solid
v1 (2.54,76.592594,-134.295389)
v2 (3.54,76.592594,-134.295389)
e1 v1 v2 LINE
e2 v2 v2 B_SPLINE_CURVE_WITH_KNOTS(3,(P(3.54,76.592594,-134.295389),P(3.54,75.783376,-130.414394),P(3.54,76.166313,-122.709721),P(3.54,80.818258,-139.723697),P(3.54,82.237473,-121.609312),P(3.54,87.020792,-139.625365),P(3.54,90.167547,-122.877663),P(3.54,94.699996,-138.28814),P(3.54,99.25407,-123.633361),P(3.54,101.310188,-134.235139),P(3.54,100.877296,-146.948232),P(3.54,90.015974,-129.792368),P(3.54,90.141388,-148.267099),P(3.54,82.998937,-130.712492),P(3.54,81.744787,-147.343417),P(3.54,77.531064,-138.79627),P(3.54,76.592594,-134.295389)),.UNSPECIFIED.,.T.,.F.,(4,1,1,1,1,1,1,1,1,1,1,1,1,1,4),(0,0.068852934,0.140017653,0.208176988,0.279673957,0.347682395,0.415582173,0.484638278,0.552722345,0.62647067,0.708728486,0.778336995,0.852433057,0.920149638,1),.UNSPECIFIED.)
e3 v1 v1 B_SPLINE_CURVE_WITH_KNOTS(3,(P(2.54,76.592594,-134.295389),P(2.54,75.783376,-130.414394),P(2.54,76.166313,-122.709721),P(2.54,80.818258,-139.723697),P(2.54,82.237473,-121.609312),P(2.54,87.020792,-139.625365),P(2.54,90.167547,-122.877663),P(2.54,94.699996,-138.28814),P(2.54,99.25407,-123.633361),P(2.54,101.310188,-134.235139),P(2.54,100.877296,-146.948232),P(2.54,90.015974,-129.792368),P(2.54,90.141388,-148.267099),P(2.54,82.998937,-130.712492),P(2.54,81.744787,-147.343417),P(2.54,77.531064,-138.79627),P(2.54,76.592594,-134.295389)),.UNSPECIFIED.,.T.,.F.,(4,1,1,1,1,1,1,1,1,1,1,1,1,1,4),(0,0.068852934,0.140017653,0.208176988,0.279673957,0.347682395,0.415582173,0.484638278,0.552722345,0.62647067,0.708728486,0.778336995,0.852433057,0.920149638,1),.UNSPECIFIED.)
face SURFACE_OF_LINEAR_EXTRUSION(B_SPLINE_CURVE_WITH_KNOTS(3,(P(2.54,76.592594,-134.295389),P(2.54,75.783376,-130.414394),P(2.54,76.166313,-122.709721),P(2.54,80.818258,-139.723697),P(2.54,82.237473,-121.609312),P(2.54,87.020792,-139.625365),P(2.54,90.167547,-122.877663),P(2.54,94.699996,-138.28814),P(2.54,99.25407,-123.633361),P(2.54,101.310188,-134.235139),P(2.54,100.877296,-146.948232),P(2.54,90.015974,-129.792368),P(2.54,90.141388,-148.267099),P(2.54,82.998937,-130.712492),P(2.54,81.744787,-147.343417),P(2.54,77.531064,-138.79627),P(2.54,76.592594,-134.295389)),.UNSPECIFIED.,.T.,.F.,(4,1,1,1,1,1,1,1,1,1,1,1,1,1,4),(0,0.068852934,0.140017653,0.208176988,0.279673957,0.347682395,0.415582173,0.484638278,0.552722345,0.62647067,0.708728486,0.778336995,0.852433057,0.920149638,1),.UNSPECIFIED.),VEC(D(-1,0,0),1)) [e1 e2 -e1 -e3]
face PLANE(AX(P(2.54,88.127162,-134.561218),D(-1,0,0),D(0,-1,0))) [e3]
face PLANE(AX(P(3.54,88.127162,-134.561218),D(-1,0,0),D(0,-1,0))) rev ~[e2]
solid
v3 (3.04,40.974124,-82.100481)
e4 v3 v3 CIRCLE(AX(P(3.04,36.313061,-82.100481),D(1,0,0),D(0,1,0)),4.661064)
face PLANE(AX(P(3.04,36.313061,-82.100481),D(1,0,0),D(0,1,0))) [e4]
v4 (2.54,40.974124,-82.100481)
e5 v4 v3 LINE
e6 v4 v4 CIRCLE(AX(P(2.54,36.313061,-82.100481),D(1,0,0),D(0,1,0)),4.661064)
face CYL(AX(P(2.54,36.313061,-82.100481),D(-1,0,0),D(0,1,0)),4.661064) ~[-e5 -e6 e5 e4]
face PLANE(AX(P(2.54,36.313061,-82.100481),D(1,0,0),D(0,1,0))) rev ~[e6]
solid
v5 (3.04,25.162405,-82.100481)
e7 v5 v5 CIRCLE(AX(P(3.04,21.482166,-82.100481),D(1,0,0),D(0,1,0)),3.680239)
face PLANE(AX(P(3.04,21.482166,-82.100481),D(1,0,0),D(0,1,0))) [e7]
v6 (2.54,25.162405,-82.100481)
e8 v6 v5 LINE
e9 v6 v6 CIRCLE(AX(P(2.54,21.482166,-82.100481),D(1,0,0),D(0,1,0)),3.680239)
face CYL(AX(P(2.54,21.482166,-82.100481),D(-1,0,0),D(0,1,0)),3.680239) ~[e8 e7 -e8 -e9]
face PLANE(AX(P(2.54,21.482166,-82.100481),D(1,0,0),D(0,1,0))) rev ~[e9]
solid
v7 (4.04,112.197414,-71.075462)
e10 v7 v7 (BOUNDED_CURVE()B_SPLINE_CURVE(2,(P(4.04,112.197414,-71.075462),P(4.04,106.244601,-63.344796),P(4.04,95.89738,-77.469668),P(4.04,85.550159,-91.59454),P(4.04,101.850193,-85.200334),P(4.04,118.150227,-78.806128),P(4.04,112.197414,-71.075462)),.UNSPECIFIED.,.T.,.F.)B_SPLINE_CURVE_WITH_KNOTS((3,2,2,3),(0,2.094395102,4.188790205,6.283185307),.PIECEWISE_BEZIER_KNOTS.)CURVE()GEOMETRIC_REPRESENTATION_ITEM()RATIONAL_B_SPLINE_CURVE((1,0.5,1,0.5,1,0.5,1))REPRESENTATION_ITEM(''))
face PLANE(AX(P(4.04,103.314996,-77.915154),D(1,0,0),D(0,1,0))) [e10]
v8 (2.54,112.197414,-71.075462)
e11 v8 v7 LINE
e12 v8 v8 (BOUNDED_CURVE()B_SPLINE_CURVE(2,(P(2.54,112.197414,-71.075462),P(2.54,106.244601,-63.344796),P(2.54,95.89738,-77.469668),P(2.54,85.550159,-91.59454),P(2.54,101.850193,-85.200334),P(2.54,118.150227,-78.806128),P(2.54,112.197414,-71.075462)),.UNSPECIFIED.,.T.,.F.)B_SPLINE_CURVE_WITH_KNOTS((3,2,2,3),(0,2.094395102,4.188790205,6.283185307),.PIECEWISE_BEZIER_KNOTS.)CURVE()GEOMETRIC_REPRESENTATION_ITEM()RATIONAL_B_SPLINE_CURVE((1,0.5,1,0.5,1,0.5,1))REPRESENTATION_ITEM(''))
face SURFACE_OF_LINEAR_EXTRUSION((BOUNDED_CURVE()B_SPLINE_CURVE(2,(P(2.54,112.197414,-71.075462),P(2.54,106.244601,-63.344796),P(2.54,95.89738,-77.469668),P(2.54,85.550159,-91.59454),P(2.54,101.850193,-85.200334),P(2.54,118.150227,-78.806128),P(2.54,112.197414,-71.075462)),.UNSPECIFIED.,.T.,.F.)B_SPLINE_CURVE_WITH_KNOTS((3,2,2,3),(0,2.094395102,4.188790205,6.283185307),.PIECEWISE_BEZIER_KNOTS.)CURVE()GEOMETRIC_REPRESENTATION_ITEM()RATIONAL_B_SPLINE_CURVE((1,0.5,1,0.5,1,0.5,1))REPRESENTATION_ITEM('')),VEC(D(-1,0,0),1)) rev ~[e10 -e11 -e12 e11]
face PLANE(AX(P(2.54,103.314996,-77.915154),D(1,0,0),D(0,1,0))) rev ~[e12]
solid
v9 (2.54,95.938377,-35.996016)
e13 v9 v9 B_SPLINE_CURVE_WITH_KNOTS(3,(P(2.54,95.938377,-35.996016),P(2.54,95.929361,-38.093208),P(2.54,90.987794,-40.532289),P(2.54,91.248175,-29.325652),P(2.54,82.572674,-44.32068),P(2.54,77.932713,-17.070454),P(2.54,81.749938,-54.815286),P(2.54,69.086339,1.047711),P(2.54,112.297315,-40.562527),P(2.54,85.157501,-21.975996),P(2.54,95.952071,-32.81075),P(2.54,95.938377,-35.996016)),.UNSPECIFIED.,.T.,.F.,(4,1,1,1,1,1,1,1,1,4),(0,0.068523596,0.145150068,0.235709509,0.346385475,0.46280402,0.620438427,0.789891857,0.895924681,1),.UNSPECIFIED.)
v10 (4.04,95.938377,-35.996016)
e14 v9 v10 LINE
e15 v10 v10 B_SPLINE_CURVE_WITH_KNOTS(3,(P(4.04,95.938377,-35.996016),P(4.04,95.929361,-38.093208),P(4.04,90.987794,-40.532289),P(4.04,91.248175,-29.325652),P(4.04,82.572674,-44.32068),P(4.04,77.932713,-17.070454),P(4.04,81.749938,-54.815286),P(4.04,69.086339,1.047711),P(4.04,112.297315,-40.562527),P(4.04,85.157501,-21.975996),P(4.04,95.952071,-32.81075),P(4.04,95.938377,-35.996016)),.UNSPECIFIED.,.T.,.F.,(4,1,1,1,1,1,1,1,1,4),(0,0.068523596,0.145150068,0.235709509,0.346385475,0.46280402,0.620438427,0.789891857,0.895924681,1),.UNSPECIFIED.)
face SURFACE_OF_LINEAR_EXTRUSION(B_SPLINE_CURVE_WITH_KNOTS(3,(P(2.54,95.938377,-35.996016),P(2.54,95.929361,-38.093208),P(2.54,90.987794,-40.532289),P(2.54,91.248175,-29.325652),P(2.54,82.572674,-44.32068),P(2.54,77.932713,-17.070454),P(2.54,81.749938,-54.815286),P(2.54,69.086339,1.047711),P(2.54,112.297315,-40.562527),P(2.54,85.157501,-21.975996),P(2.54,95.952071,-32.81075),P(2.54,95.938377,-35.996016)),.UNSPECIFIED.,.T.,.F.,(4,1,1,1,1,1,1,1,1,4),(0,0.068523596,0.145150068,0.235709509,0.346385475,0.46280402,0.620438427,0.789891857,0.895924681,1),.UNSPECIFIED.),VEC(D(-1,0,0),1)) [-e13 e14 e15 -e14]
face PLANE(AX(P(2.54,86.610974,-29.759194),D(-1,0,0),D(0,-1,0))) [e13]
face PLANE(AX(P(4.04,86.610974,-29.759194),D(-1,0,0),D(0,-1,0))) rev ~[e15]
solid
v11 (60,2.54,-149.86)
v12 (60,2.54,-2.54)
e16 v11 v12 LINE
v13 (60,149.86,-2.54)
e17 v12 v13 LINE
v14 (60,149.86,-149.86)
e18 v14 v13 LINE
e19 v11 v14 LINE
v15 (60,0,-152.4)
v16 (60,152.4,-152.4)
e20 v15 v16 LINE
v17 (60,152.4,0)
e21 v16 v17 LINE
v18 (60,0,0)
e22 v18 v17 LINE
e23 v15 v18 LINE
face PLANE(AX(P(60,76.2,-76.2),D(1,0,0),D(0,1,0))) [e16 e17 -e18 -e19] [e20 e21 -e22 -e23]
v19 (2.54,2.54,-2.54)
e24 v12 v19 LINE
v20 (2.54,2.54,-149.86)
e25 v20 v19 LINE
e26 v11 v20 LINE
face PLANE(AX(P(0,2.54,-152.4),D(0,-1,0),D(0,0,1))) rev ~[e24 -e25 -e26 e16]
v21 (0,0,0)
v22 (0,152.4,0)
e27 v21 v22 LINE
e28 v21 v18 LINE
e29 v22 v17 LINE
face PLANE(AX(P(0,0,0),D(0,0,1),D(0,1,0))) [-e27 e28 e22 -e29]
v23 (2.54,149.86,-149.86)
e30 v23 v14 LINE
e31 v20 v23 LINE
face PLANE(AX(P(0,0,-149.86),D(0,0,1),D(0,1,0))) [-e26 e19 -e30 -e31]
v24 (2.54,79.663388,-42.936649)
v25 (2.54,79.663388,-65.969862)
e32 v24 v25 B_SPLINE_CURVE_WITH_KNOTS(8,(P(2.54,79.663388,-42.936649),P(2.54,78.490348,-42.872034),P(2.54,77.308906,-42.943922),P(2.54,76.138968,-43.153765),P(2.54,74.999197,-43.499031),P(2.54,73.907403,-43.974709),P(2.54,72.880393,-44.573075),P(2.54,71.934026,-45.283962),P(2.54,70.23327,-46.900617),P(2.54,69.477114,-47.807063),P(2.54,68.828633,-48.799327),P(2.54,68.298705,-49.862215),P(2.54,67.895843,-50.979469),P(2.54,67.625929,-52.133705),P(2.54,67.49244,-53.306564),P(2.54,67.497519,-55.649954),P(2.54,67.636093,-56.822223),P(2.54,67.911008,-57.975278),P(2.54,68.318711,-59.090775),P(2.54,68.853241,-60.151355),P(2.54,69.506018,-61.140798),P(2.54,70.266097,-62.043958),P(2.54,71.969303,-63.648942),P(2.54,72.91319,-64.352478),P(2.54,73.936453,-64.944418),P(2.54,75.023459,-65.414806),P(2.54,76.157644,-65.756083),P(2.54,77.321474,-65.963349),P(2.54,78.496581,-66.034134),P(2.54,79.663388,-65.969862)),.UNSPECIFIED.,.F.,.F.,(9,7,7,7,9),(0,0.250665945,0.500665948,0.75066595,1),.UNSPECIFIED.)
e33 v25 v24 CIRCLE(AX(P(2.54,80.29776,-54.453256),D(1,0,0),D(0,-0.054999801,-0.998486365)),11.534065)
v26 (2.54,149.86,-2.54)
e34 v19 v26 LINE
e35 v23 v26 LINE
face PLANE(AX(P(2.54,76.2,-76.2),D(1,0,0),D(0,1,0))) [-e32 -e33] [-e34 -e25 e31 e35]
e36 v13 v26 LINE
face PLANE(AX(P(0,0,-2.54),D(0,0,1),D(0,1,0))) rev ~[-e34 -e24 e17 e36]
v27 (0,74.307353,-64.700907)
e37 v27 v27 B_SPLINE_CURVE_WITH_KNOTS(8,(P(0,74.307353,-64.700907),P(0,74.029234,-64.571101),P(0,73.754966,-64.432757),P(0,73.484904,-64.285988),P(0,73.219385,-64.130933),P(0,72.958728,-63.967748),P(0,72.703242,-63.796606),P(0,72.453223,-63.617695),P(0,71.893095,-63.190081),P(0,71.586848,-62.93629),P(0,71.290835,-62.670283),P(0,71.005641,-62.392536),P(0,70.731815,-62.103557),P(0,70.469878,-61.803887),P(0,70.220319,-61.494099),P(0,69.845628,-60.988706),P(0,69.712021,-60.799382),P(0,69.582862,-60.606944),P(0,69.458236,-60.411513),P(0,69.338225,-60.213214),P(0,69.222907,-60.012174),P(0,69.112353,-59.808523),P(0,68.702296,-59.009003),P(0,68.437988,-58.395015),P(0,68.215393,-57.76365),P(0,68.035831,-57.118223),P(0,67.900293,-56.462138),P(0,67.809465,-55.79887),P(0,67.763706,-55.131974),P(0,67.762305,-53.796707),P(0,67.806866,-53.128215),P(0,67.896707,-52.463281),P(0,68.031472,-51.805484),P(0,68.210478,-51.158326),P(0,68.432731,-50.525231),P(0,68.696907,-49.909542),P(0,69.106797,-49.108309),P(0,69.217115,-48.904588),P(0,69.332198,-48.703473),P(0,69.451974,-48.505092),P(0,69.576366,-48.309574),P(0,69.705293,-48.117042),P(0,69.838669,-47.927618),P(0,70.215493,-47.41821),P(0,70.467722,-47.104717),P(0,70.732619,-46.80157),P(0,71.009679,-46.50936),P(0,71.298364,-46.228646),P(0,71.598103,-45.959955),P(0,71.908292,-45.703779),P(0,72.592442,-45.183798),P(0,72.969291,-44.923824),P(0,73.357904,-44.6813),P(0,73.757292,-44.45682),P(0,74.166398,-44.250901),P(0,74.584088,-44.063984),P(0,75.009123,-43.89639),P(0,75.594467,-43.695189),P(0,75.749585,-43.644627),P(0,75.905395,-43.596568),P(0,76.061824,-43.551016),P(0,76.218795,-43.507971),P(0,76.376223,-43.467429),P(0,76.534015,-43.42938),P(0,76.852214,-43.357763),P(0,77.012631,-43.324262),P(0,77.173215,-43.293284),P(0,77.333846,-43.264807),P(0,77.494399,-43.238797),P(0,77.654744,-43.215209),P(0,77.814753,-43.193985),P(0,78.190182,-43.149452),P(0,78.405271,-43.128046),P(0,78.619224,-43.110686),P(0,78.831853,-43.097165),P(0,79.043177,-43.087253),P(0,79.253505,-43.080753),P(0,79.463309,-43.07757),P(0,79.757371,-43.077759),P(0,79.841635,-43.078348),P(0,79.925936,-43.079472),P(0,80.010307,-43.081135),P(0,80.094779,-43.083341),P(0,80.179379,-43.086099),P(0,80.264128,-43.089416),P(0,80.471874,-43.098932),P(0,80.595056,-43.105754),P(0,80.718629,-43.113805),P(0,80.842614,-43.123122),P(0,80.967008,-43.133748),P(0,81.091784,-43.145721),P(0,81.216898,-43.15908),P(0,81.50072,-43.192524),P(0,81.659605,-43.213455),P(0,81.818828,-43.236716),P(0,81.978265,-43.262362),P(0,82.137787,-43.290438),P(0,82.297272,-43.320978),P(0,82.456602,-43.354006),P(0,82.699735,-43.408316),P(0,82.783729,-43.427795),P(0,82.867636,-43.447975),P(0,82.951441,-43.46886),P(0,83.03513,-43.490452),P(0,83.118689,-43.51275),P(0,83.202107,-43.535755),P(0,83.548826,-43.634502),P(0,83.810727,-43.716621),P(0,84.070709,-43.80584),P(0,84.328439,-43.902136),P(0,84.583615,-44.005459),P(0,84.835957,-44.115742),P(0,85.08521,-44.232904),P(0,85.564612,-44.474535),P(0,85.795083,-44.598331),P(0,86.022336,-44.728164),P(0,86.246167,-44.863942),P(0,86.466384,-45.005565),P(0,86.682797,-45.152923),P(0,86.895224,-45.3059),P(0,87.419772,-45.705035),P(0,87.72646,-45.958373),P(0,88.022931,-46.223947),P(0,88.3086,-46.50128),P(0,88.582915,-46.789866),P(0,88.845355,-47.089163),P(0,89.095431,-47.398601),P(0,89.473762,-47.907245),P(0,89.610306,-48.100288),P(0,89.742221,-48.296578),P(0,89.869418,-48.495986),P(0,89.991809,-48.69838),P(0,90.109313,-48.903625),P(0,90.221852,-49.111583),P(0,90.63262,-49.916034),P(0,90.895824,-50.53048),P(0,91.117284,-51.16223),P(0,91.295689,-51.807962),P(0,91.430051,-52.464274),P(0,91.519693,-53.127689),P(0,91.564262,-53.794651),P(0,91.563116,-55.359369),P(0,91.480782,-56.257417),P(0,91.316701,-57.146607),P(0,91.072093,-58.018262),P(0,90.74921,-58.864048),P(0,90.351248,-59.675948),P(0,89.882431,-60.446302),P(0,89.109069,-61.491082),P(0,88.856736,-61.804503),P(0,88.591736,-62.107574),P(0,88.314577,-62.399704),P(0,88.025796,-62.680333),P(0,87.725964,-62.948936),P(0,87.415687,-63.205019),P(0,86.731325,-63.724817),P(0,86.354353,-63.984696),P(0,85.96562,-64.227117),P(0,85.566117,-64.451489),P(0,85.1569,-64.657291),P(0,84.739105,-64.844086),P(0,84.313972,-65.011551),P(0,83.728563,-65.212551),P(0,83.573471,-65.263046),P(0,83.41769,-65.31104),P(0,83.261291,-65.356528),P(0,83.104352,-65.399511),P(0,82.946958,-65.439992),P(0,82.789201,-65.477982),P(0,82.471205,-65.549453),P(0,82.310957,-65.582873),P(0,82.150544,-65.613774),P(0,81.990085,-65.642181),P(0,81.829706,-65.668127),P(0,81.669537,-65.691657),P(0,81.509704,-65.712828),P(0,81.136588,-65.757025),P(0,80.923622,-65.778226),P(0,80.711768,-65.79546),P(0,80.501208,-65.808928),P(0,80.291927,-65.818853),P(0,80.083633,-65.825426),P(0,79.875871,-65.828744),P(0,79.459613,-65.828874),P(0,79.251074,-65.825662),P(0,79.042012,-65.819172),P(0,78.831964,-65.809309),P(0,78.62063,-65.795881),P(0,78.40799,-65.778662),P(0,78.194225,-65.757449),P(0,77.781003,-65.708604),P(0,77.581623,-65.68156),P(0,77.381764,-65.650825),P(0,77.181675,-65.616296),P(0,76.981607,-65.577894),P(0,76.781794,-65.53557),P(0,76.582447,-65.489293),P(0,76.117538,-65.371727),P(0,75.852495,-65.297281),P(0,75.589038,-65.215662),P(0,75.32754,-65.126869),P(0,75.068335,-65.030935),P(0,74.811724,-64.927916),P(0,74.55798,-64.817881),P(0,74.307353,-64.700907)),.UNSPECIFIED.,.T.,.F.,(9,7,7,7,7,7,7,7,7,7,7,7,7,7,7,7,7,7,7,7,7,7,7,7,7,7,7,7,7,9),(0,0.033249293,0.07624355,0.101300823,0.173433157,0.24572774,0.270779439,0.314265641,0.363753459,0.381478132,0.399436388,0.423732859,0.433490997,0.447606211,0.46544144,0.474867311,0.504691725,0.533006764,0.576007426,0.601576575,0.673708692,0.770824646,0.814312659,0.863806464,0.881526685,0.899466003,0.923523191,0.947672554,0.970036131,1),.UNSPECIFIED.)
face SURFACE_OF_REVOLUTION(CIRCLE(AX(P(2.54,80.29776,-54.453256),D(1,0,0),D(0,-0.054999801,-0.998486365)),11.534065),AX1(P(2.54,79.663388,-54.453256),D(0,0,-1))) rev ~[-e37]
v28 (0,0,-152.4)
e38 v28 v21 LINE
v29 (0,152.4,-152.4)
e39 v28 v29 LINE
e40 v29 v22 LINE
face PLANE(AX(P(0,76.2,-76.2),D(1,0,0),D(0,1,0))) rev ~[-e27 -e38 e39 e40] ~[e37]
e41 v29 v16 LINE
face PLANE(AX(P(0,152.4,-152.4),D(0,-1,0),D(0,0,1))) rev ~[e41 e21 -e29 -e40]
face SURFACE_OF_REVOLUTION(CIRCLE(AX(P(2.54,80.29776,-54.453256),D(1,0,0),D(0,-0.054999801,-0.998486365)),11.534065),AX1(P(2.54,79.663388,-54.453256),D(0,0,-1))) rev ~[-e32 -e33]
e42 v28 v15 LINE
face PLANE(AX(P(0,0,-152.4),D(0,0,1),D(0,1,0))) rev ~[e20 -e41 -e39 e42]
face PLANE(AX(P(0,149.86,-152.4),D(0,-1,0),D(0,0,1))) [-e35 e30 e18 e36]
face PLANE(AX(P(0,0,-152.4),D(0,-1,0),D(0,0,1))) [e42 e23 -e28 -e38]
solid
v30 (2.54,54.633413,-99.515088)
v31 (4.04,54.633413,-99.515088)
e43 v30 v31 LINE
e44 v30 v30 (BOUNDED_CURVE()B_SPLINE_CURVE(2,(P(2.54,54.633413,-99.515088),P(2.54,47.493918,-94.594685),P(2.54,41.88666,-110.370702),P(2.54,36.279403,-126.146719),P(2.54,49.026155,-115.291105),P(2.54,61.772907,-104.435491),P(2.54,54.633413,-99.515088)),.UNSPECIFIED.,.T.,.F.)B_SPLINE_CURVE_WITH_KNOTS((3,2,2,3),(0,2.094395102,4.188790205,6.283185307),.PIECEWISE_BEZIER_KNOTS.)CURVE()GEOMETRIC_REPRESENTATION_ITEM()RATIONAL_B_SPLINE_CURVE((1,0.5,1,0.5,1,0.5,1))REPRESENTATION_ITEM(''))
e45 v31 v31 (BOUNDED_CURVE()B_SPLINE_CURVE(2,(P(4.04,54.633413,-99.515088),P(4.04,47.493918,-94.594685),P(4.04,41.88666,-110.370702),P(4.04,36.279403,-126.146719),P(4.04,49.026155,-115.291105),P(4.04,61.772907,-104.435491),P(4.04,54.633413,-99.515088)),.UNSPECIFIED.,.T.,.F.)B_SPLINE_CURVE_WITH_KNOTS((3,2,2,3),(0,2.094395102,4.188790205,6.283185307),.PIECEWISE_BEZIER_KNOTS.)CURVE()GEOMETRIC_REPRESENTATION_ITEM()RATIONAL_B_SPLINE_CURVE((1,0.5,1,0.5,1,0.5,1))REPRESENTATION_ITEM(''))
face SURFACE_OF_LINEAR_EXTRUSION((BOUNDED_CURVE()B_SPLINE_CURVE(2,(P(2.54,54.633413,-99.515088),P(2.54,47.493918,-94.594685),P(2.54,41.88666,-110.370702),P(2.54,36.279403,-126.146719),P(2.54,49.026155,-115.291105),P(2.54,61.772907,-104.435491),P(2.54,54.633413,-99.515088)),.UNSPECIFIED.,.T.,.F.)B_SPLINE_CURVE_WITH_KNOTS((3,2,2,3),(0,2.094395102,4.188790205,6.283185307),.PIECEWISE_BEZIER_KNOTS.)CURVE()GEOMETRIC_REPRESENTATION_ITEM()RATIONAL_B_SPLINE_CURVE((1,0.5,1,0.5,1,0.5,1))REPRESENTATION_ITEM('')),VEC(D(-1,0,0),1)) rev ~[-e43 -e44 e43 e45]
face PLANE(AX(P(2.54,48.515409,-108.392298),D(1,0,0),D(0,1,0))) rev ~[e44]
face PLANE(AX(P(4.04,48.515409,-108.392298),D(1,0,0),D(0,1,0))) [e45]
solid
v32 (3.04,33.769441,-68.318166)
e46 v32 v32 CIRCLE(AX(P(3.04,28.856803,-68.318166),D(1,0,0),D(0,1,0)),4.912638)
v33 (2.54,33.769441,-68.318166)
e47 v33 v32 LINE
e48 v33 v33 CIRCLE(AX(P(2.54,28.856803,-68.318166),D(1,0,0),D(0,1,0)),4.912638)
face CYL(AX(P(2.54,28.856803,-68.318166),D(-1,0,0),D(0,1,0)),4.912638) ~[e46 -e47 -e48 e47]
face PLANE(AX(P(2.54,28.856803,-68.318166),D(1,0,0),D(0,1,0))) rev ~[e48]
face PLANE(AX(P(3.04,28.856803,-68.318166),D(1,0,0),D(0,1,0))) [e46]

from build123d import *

# Parameters (mm, degrees)
F0_W      = 152.4
F0_H      = 152.4
F1_DEPTH  = 60
F2_T      = -2.54
F6_DEPTH  = 1.5
F7_R      = 3.6802392171
F8_DEPTH  = 0.5
F7_R_2    = 4.9126378425
F7_R_3    = 4.6610638241
F10_DEPTH = 1.5
F12_DEPTH = 1


with BuildPart() as f1:
    # F0 (on Right) → F1 (new body)
    with BuildSketch(Plane.YZ):
        with Locations((76.2, -76.2)):
            Rectangle(F0_W, F0_H)
    extrude(amount=F1_DEPTH)

    # F2
    f2_openings = [f1.faces().sort_by_distance(p)[0] for p in [
        (60, 76.2, -76.2),
    ]]
    offset(amount=F2_T, openings=f2_openings)

    # F3 (on face) → F4 (revolve)
    with BuildSketch(Plane.YZ.offset(2.54)):
        with BuildLine():
            ThreePointArc((79.6633884311, -65.9698620439), (91.8318244958, -54.4532556087), (79.6633884311, -42.9366491735))
            Line((79.6633884311, -42.9366491735), (79.6633884311, -65.9698620439))
        make_face()
    revolve(axis=Axis((2.54, 79.6633884311, -54.4532556087), (0, 0, -1)))


with BuildPart() as f6:
    # F5 (on face) → F6 (new body)
    with BuildSketch(Plane.YZ.offset(2.54)):
        with BuildLine():
            add(Edge.make_bspline(
                [(54.6334125102, -99.5150879025), (47.4939176999, -94.5946848604), (41.8866601866, -110.3707018601), (36.2794026732, -126.1467188597), (49.0261549968, -115.2911049022), (61.7729073204, -104.4354909446), (54.6334125102, -99.5150879025)],
                knots=[0, 0, 0, 2.0943951024, 2.0943951024, 4.1887902048, 4.1887902048, 6.2831853072, 6.2831853072, 6.2831853072], degree=2, weights=[1, 0.5, 1, 0.5, 1, 0.5, 1]))
        make_face()
    extrude(amount=F6_DEPTH)


with BuildPart() as f6b:
    # F5 (on face) → F6, piece 2 (new body)
    with BuildSketch(Plane.YZ.offset(2.54)):
        with BuildLine():
            add(Edge.make_bspline(
                [(112.1974140406, -71.0754618049), (106.2446007841, -63.3447960564), (95.89738, -77.4696678196), (85.5501592159, -91.5945395827), (101.8501932565, -85.200333568), (118.150227297, -78.8061275534), (112.1974140406, -71.0754618049)],
                knots=[0, 0, 0, 2.0943951024, 2.0943951024, 4.1887902048, 4.1887902048, 6.2831853072, 6.2831853072, 6.2831853072], degree=2, weights=[1, 0.5, 1, 0.5, 1, 0.5, 1]))
        make_face()
    extrude(amount=F6_DEPTH)


with BuildPart() as f8:
    # F7 (on face) → F8 (new body)
    with BuildSketch(Plane.YZ.offset(2.54)):
        with Locations((21.4821659029, -82.1004807949)):
            Circle(F7_R)
    extrude(amount=F8_DEPTH)


with BuildPart() as f8b:
    # F7 (on face) → F8, piece 2 (new body)
    with BuildSketch(Plane.YZ.offset(2.54)):
        with Locations((28.8568027318, -68.3181658387)):
            Circle(F7_R_2)
    extrude(amount=F8_DEPTH)


with BuildPart() as f8c:
    # F7 (on face) → F8, piece 3 (new body)
    with BuildSketch(Plane.YZ.offset(2.54)):
        with Locations((36.3130606711, -82.1004807949)):
            Circle(F7_R_3)
    extrude(amount=F8_DEPTH)


with BuildPart() as f10:
    # F9 (on face) → F10 (new body)
    with BuildSketch(Plane.YZ.offset(2.54)):
        with BuildLine():
            add(Edge.make_bspline(
                [(95.9383770823, -35.996016115), (95.9293608456, -38.0932078817), (90.9877935838, -40.5322890118), (91.2481752228, -29.3256521173), (82.5726739471, -44.3206798556), (77.9327126025, -17.0704541216), (81.7499378188, -54.8152863909), (69.0863393444, 1.0477108554), (112.2973153056, -40.5625273894), (85.1575007133, -21.9759959521), (95.952071164, -32.8107497878), (95.9383770823, -35.996016115)],
                knots=[0, 0, 0, 0, 0.0685235956, 0.1451500679, 0.2357095086, 0.3463854747, 0.4628040197, 0.6204384274, 0.7898918566, 0.8959246812, 1, 1, 1, 1], degree=3))
        make_face()
    extrude(amount=F10_DEPTH)


with BuildPart() as f12:
    # F11 (on face) → F12 (new body)
    with BuildSketch(Plane.YZ.offset(2.54)):
        with BuildLine():
            add(Edge.make_bspline(
                [(76.5925943851, -134.2953890562), (75.7833761392, -130.4143942087), (76.1663125191, -122.7097214726), (80.8182584961, -139.7236970888), (82.237473067, -121.6093115974), (87.0207922966, -139.6253654383), (90.1675474334, -122.8776632914), (94.699996039, -138.2881401986), (99.2540699118, -123.6333605612), (101.3101880165, -134.2351388114), (100.8772958176, -146.9482321587), (90.0159743026, -129.7923681325), (90.1413878179, -148.2670985604), (82.9989374766, -130.7124918497), (81.7447865129, -147.3434171735), (77.531063767, -138.7962698187), (76.5925943851, -134.2953890562)],
                knots=[0, 0, 0, 0, 0.0688529336, 0.1400176531, 0.2081769877, 0.2796739571, 0.3476823951, 0.4155821726, 0.4846382778, 0.5527223455, 0.6264706697, 0.7087284864, 0.7783369951, 0.8524330573, 0.9201496378, 1, 1, 1, 1], degree=3))
        make_face()
    extrude(amount=F12_DEPTH)


solid = Compound([f1.part, f6.part, f6b.part, f8.part, f8b.part, f8c.part, f10.part, f12.part])
